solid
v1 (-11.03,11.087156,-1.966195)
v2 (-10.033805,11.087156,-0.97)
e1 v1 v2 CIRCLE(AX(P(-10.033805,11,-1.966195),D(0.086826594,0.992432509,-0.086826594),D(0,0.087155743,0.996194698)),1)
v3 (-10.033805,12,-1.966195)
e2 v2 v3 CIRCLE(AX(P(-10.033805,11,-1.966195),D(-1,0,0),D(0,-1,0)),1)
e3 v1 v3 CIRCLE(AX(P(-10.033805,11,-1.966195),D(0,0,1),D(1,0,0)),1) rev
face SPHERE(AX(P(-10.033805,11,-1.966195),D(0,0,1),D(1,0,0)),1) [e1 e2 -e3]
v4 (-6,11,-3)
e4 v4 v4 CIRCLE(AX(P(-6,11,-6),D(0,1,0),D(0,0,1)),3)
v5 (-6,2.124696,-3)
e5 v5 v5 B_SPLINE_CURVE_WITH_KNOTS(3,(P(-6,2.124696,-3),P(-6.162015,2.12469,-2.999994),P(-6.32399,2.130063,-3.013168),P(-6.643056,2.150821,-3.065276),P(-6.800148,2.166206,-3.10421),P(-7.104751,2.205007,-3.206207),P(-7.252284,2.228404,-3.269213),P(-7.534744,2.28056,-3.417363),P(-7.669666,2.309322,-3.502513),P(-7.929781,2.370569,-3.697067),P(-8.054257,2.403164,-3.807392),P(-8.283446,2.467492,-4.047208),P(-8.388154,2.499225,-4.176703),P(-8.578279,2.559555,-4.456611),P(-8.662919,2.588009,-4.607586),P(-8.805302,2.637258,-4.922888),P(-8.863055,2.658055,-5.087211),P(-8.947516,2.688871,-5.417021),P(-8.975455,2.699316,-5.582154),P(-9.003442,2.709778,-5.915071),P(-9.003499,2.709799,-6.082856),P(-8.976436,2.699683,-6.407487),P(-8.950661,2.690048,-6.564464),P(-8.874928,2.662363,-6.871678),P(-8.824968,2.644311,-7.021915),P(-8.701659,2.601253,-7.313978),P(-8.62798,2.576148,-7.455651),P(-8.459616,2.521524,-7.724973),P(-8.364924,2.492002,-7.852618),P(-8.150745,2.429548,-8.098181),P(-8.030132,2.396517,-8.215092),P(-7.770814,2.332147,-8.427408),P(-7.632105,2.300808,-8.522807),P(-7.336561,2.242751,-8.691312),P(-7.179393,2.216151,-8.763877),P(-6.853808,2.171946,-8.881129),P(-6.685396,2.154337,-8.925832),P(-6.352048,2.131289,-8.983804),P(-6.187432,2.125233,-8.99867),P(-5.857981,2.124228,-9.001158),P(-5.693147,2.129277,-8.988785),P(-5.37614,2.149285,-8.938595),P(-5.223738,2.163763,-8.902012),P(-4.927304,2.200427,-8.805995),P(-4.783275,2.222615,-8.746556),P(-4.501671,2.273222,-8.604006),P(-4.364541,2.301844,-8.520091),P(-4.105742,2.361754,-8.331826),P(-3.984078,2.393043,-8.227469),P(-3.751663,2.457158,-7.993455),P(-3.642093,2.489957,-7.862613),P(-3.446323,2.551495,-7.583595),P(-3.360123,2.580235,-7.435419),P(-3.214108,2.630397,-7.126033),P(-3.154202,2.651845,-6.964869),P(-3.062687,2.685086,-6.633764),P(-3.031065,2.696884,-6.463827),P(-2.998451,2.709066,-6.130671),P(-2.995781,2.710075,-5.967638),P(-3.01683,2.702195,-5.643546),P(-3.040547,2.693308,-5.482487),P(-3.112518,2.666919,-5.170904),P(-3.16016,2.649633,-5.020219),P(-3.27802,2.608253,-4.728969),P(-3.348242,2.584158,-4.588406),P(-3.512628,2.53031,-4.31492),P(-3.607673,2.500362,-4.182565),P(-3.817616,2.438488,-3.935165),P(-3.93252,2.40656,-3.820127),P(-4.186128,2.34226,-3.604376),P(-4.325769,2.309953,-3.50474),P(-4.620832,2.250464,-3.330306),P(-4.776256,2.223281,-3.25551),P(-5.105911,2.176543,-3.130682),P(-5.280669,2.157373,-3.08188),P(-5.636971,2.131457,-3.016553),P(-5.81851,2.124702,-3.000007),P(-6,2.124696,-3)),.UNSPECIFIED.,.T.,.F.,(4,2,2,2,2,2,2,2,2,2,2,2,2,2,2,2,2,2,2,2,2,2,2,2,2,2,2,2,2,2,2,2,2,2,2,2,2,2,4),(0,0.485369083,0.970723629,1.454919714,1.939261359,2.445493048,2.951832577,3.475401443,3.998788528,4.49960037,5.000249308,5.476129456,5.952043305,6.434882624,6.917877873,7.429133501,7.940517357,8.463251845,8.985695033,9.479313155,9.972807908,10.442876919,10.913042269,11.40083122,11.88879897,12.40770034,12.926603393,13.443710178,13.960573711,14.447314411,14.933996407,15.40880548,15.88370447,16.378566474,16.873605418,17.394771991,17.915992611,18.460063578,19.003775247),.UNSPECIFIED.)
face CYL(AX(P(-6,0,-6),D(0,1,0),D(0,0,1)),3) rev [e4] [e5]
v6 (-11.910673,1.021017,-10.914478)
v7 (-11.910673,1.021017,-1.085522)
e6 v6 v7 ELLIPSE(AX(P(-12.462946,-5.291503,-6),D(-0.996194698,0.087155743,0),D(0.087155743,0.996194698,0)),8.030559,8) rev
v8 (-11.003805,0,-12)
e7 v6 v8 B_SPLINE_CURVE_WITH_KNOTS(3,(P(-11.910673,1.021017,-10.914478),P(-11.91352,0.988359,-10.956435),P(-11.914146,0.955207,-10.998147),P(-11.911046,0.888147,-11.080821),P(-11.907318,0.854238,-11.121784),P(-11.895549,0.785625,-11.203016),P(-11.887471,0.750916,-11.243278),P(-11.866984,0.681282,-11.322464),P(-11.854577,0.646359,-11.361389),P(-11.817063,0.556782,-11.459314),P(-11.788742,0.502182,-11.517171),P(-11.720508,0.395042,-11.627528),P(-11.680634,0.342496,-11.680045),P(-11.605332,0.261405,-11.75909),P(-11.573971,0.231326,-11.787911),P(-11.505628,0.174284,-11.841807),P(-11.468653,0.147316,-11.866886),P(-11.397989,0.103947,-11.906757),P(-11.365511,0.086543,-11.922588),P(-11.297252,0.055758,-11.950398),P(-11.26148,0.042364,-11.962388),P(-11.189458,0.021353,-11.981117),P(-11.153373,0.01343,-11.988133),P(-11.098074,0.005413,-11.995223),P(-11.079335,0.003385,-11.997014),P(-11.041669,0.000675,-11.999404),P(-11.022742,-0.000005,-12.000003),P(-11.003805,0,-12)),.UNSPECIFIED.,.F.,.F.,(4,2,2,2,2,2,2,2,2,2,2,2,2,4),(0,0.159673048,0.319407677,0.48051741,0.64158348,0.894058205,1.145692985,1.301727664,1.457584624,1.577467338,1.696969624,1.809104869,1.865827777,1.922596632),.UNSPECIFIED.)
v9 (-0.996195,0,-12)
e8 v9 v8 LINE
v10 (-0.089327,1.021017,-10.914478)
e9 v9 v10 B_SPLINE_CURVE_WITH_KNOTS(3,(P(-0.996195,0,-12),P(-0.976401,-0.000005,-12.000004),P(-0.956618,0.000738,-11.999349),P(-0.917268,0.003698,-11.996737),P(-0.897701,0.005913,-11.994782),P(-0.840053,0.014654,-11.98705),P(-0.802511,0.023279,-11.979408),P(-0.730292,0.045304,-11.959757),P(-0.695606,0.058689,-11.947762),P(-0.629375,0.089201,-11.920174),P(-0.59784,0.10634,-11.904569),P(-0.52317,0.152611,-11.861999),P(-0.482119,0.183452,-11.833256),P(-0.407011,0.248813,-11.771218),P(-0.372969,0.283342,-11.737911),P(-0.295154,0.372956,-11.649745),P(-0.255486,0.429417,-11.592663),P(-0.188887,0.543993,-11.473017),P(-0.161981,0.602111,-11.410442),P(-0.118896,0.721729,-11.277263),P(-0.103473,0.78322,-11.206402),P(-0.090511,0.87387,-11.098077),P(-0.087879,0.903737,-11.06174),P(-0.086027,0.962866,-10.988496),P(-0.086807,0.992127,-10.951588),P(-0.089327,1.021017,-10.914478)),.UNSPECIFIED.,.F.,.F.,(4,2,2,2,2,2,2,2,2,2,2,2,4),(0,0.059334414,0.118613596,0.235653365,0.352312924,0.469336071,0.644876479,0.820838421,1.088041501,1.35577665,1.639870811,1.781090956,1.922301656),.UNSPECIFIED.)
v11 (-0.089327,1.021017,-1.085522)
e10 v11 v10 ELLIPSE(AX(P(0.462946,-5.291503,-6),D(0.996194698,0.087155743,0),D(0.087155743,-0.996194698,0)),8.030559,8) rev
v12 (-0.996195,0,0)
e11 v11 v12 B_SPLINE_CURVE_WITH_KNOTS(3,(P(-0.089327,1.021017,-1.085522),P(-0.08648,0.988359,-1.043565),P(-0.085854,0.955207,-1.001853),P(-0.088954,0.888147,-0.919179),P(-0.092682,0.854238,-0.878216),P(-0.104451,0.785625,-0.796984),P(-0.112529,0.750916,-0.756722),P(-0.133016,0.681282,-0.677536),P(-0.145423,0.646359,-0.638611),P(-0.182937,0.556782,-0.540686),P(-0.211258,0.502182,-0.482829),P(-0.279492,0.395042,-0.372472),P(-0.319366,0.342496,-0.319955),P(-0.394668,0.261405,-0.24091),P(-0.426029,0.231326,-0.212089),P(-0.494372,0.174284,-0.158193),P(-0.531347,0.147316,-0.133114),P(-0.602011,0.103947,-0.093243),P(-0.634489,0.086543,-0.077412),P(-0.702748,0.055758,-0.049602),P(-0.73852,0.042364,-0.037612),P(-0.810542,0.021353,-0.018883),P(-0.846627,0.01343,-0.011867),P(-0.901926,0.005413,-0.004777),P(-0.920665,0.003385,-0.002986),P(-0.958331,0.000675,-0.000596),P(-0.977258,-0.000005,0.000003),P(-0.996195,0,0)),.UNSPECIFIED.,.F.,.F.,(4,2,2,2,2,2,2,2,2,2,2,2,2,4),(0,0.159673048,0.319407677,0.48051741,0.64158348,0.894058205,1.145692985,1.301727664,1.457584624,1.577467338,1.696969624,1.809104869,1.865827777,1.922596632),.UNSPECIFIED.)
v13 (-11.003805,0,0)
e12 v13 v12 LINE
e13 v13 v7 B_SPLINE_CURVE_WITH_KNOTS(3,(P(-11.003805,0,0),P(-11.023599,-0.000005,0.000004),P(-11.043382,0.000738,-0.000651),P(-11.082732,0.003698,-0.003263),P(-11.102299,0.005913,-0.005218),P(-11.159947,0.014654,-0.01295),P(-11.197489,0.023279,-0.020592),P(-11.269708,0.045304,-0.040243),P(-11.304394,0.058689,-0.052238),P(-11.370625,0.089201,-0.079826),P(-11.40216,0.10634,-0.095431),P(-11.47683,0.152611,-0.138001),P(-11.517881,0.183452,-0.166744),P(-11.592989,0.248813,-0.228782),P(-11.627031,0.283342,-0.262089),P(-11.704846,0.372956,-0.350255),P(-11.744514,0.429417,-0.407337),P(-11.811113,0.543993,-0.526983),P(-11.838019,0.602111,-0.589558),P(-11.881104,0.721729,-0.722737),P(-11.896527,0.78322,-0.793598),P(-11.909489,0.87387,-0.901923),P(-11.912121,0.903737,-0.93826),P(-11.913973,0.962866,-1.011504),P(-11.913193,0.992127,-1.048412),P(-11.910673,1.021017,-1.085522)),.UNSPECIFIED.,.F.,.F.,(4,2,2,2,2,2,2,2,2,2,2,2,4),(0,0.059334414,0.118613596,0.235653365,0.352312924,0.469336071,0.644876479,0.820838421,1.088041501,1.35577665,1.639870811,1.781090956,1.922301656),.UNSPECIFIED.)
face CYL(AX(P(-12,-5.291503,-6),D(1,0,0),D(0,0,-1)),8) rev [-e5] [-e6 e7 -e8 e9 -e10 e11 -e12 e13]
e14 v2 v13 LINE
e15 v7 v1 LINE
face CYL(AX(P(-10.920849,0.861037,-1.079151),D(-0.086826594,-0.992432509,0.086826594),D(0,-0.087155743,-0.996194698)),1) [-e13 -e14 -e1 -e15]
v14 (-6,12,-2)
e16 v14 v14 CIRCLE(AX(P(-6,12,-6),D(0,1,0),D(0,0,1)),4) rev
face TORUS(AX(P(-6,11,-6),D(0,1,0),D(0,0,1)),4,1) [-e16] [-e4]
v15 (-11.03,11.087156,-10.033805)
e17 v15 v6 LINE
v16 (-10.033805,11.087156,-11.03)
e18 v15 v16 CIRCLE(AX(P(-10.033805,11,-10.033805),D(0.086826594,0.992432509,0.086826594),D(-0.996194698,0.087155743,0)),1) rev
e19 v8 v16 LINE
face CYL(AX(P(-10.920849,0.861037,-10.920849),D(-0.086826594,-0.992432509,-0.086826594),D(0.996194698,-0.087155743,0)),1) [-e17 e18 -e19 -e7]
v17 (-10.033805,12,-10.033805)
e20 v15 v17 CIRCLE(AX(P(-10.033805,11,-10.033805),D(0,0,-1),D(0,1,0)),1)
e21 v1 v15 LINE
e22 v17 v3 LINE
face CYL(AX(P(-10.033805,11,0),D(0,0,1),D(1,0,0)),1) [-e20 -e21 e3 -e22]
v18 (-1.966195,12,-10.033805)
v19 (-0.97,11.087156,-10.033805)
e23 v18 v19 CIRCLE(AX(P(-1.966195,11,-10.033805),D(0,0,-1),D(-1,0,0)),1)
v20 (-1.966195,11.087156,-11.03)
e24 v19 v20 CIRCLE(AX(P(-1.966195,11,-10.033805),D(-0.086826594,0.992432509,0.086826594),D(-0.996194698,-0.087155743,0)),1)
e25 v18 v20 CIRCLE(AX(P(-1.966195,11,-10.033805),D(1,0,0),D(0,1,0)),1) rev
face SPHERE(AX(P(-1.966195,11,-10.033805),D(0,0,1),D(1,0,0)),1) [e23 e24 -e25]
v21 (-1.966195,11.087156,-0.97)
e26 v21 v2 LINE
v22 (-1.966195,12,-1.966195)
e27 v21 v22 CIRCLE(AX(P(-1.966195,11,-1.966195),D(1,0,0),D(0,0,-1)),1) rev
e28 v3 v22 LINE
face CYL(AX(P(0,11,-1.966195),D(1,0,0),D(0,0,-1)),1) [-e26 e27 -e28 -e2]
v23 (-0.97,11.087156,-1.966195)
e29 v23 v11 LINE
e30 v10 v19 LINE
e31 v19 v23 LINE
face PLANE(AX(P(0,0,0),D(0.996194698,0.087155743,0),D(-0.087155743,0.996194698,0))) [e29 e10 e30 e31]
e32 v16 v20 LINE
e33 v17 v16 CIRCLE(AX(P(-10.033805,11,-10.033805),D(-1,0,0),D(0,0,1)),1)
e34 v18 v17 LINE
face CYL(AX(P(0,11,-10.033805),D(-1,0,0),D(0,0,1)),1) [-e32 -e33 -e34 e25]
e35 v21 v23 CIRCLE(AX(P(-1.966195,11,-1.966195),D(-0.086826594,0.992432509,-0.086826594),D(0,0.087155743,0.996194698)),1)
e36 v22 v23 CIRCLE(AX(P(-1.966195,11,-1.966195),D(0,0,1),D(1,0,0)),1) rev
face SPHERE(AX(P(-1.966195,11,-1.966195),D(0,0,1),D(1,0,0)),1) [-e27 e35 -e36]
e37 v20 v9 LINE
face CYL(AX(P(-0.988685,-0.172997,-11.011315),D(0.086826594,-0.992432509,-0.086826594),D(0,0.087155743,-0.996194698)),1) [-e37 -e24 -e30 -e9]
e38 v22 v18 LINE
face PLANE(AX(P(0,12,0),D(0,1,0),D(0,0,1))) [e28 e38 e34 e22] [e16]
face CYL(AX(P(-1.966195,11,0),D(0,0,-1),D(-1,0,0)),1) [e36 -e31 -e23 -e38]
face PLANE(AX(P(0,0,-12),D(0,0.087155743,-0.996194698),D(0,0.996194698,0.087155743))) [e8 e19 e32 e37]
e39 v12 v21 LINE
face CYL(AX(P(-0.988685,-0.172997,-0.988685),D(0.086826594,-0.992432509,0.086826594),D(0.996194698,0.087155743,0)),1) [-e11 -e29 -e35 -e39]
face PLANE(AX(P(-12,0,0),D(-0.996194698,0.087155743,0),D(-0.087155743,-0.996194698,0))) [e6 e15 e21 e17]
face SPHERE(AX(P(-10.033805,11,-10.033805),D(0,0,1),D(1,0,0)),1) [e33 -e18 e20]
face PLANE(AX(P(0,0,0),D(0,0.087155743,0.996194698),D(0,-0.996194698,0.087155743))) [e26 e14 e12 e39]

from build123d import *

# Parameters (mm, degrees)
SKETCH1_W           = 12
SKETCH1_H           = 12
BOSS_EXTRUDE1_DEPTH = 12
BOSS_EXTRUDE1_TAPER = 5
SKETCH2_R           = 3
CUT_EXTRUDE1_DEPTH  = 21.784609864
FILLET1_R           = 1
SKETCH3_R           = 8
CUT_EXTRUDE2_DEPTH  = 21.784609864


with BuildPart() as part:
    # Sketch1 → Boss-Extrude1 (new body)
    with BuildSketch(Plane(origin=(0, 0, 0), x_dir=(1, 0, 0), z_dir=(0, 1, 0))):
        with Locations((-6, 6)):
            Rectangle(SKETCH1_W, SKETCH1_H)
    extrude(amount=BOSS_EXTRUDE1_DEPTH, taper=BOSS_EXTRUDE1_TAPER)

    # Sketch2 → Cut-Extrude1 (cut, through all)
    with BuildSketch(Plane(origin=(0, 12, 0), x_dir=(1, 0, 0), z_dir=(0, 1, 0))):
        with Locations(Location((-6, 6, 0), (0, 0, 270))):
            Circle(SKETCH2_R)
    extrude(amount=-CUT_EXTRUDE1_DEPTH, mode=Mode.SUBTRACT)

    # Fillet1
    fillet1_edges = [part.edges().sort_by_distance(p)[0] for p in [
        (-10.950136038, 12, -6),
        (-6, 12, -1.049863962),
        (-6, 12, -9),
        (-1.049863962, 12, -6),
        (-6, 12, -10.950136038),
        (-0.524931981, 6, -0.524931981),
        (-11.475068019, 6, -0.524931981),
        (-11.475068019, 6, -11.475068019),
        (-0.524931981, 6, -11.475068019),
    ]]
    fillet(fillet1_edges, radius=FILLET1_R)

    # Sketch3 → Cut-Extrude2 (cut, through all)
    with BuildSketch(Plane(origin=(0, 0, 0), x_dir=(0, 0, -1), z_dir=(1, 0, 0))):
        with Locations((6, -5.291502622)):
            Circle(SKETCH3_R)
    extrude(amount=-CUT_EXTRUDE2_DEPTH, mode=Mode.SUBTRACT)


solid = part.part
